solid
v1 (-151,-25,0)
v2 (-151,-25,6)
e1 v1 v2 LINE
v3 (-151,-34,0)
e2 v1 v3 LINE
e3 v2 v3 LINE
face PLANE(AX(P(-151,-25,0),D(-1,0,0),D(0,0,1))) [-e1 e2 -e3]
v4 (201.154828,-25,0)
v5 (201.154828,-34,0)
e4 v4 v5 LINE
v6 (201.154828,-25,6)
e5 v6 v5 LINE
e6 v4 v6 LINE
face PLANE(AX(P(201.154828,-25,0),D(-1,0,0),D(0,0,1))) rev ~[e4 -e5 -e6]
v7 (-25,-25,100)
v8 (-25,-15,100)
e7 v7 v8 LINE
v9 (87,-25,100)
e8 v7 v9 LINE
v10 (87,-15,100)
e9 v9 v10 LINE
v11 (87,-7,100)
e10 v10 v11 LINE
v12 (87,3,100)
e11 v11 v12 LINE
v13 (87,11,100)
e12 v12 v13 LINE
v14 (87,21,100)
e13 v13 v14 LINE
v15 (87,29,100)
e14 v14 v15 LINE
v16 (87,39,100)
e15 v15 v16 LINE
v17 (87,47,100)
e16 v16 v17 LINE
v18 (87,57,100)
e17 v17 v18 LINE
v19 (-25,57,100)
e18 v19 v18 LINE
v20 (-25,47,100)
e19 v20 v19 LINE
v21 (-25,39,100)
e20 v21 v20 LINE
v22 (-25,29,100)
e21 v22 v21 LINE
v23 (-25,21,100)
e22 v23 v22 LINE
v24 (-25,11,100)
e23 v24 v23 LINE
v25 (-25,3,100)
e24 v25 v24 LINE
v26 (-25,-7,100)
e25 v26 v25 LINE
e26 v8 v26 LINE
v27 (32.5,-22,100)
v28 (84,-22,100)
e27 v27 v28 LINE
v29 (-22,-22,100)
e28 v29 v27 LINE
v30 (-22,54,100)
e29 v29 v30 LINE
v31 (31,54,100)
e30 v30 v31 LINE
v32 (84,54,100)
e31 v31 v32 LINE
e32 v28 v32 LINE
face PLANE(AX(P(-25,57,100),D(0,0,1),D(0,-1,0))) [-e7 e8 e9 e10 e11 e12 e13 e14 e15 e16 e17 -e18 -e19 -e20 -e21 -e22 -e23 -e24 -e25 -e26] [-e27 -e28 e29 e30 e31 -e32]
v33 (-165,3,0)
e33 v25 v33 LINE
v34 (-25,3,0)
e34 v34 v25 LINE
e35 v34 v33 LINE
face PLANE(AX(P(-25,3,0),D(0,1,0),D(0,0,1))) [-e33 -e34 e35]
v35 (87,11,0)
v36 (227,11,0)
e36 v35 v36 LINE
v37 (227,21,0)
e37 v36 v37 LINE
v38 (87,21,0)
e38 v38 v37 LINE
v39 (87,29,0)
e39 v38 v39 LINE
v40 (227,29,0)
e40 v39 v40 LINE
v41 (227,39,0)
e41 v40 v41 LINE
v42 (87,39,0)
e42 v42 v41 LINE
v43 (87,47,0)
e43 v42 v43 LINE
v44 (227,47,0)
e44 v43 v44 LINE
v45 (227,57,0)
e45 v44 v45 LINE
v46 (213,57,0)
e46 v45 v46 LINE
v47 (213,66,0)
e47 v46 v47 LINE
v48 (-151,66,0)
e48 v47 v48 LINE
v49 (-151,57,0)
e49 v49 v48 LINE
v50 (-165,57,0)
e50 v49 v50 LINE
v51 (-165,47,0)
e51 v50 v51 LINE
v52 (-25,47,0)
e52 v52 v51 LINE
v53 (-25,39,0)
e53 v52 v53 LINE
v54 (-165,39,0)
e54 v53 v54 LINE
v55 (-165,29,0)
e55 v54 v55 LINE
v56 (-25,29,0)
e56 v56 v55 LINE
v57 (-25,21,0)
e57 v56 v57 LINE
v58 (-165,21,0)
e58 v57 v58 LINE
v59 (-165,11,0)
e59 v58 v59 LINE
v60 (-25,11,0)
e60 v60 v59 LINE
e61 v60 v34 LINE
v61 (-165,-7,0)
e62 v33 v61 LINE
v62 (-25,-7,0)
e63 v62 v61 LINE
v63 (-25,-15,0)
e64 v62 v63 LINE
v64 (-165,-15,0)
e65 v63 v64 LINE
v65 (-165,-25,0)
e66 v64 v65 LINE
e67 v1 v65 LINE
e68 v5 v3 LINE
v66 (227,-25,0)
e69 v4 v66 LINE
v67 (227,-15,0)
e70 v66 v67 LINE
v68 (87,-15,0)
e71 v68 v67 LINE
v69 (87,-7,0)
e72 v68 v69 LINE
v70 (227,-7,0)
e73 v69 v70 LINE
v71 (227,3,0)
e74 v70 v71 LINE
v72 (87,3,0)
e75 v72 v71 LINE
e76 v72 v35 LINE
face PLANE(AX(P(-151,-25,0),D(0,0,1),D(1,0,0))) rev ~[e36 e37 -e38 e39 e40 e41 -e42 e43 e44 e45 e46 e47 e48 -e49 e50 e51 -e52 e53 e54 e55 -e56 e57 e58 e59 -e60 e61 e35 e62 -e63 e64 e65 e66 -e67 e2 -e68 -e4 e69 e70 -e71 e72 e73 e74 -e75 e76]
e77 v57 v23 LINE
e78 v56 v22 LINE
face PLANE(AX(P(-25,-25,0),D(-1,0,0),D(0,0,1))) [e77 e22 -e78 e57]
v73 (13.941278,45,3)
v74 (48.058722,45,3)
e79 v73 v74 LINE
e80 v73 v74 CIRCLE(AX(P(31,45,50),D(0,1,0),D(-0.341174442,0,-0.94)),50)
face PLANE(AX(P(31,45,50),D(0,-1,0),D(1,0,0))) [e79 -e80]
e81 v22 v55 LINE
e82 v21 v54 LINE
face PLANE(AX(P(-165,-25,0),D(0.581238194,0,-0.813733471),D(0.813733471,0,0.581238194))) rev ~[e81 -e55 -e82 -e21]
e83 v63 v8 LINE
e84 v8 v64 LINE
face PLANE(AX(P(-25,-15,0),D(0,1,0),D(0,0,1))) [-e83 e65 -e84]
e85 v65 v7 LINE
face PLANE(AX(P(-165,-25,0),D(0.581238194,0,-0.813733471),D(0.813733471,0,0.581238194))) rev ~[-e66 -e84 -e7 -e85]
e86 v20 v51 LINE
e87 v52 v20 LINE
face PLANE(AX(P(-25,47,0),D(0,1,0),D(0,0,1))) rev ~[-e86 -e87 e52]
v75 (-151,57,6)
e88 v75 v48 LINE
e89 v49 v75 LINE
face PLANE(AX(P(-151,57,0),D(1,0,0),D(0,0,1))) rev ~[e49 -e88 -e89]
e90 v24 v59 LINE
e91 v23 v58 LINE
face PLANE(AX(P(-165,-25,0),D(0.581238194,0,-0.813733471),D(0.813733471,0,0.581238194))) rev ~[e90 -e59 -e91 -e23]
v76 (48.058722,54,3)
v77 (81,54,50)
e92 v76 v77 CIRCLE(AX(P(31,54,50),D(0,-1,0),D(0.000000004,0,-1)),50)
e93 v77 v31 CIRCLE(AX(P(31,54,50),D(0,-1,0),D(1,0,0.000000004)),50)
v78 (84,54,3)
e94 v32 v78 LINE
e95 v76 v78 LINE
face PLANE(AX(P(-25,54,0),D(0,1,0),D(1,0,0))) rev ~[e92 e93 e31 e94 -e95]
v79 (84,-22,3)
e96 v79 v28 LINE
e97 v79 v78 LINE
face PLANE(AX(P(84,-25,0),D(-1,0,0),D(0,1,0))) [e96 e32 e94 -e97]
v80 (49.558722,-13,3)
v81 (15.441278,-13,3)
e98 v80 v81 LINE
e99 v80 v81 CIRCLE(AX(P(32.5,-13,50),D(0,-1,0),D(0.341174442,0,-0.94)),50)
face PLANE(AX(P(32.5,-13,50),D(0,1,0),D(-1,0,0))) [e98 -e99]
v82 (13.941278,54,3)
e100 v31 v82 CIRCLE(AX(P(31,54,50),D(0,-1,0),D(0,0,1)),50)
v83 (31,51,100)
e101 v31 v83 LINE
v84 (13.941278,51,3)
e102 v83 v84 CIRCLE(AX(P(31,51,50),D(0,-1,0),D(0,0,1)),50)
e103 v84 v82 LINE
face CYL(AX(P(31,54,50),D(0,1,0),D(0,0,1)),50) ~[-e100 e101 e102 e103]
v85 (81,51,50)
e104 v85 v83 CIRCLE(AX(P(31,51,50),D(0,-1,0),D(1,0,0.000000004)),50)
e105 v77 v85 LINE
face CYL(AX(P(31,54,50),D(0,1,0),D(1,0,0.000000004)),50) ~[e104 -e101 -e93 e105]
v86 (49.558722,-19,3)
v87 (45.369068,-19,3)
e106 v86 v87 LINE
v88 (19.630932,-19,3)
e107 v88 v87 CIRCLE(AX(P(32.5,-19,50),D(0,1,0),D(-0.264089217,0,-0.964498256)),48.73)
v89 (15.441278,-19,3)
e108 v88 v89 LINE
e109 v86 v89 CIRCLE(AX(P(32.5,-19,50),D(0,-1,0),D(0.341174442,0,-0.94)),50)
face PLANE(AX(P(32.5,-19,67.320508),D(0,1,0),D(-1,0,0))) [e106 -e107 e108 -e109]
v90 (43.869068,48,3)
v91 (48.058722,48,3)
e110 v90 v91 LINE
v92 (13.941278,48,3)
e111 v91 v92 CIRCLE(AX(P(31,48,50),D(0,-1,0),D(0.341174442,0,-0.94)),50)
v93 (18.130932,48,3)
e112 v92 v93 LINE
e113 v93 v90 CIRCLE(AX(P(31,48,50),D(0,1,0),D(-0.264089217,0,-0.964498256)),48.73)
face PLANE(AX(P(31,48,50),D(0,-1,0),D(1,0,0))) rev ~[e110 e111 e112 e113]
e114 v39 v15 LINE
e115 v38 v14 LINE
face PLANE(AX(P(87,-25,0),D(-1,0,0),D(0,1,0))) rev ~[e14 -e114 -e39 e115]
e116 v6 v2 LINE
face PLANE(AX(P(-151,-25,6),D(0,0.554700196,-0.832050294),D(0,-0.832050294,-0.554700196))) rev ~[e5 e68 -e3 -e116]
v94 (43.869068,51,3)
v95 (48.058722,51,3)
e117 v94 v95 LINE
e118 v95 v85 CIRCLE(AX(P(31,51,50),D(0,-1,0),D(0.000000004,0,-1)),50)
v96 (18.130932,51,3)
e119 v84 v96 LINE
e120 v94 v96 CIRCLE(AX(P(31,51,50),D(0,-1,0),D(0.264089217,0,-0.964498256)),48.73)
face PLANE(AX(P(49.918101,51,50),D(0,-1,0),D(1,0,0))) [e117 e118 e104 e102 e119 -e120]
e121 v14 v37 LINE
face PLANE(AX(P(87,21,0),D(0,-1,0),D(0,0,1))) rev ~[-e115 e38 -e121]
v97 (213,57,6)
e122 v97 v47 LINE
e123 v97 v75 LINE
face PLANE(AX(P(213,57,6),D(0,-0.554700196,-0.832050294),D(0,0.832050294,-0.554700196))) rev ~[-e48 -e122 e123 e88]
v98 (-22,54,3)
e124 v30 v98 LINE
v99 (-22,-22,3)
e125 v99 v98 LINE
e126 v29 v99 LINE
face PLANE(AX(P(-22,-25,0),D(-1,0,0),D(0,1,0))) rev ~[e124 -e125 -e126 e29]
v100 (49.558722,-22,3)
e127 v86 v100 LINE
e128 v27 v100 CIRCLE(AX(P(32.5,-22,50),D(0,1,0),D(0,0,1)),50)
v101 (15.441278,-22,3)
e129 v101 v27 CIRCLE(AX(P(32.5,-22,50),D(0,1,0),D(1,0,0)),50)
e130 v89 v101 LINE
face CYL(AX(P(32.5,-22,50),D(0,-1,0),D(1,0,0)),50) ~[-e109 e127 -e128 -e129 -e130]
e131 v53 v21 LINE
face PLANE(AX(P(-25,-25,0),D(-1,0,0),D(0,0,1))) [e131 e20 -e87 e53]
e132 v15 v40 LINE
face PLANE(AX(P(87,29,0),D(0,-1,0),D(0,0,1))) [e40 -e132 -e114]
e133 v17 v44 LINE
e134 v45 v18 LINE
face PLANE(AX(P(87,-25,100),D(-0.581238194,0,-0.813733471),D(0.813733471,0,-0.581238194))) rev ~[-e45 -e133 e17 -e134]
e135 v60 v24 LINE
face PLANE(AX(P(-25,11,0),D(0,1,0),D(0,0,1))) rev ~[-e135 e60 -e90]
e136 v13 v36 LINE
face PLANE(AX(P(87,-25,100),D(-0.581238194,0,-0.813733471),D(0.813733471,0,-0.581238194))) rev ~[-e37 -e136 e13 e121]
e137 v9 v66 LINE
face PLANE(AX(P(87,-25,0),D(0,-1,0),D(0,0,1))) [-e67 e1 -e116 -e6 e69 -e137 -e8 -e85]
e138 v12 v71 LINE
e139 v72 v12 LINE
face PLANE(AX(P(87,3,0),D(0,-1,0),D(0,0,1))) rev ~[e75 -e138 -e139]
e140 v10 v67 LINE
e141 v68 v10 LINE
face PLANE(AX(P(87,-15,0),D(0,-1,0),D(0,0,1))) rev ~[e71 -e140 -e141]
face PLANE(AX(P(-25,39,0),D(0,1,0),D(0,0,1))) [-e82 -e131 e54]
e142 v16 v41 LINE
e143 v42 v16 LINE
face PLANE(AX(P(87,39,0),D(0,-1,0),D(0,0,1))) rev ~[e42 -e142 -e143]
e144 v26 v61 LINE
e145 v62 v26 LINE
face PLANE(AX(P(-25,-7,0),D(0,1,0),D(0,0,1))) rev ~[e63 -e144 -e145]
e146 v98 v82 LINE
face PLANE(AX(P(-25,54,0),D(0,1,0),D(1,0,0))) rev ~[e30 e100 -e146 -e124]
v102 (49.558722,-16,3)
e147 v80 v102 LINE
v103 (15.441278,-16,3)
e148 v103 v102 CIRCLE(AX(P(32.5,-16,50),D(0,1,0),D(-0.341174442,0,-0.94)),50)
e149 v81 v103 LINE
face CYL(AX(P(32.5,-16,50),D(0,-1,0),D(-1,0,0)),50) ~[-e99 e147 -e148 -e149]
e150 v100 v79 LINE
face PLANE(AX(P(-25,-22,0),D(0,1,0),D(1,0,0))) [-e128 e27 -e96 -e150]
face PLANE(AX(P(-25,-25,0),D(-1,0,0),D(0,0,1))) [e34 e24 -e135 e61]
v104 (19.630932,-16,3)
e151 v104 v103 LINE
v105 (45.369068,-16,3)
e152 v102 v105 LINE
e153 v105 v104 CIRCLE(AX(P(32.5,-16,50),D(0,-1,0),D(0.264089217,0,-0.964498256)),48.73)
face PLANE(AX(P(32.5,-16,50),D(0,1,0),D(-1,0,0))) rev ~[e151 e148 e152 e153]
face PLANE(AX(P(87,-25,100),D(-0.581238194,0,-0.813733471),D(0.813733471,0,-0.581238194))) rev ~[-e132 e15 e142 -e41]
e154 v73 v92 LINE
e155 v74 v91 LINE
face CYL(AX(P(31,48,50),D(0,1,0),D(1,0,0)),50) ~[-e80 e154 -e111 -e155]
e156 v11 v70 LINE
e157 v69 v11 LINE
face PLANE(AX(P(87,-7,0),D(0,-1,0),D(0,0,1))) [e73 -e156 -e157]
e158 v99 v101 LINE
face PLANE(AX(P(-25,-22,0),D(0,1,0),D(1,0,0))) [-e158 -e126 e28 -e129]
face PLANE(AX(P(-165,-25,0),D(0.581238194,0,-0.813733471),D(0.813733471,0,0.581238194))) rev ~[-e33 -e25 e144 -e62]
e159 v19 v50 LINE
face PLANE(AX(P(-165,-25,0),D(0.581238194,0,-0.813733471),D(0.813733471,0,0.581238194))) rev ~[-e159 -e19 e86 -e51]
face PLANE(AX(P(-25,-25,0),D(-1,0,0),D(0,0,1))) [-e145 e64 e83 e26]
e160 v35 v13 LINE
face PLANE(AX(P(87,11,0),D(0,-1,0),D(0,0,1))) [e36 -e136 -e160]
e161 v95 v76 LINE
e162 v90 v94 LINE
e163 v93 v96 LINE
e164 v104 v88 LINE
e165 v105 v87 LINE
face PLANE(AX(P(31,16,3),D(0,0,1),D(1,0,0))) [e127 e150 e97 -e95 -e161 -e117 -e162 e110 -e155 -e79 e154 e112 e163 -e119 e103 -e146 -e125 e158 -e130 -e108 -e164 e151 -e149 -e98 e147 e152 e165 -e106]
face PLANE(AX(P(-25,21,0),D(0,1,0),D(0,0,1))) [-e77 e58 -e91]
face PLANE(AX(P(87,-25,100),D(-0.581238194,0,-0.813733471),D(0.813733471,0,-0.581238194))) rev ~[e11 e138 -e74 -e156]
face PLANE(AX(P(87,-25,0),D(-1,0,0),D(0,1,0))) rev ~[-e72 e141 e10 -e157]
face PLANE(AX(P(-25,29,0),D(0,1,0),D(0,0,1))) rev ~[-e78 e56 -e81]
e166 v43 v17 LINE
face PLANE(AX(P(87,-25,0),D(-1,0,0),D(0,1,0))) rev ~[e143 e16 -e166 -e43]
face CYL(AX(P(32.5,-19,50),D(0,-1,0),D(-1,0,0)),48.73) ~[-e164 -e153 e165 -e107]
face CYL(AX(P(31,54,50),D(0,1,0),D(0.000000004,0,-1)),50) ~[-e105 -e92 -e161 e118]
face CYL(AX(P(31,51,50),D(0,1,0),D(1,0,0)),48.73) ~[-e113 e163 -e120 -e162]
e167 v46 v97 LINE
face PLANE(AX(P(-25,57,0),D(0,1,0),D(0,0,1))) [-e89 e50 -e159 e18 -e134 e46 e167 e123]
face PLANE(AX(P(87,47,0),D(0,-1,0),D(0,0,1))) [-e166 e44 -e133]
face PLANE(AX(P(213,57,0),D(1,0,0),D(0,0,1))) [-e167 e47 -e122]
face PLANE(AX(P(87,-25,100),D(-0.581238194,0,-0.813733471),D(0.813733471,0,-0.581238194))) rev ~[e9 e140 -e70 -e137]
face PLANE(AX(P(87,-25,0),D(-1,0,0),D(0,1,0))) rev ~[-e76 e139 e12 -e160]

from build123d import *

# Parameters (mm, degrees)
F0_W      = 112
F0_H      = 82
F1_DEPTH  = 100
F2_T      = -3
F3_W      = 10
F3_H      = 100
F4_DEPTH  = 140
F6_DEPTH  = 100
F7_W      = 226.154828
F7_H      = 6
F8_DEPTH  = 9
F11_DEPTH = 3
F12_R     = 48.73
F13_DEPTH = 3
F14_R     = 50
F15_DEPTH = 3
F16_W     = 10
F16_H     = 100
F17_DEPTH = 140
F19_DEPTH = 82
F21_DEPTH = 3
F22_R     = 48.73
F23_DEPTH = 3
F24_R     = 50
F25_DEPTH = 3
F26_W     = 126
F26_H     = 6
F27_DEPTH = 9
F29_W     = 364
F29_H     = 6
F30_DEPTH = 9
F32_DEPTH = 372
F33_DEPTH = 356


with BuildPart() as f1:
    # F0 (on Top) → F1 (new body)
    with BuildSketch(Plane.XY):
        with Locations((31, 16)):
            Rectangle(F0_W, F0_H)
    extrude(amount=F1_DEPTH)

    # F2
    f2_openings = [f1.faces().sort_by_distance(p)[0] for p in [
        (31, 16, 100),
    ]]
    offset(amount=F2_T, openings=f2_openings)

    # F3 (on face) → F4 (join)
    with BuildSketch(Plane.YZ.offset(87)):
        with Locations((-20, 50)):
            Rectangle(F3_W, F3_H)
        with Locations((52, 50)):
            Rectangle(F3_W, F3_H)
        with Locations((34, 50)):
            Rectangle(F3_W, F3_H)
        with Locations((16, 50)):
            Rectangle(F3_W, F3_H)
        with Locations((-2, 50)):
            Rectangle(F3_W, F3_H)
    extrude(amount=F4_DEPTH)

    # F5 (on face) → F6 (cut)
    with BuildSketch(Plane.XZ.offset(25)):
        Polygon((227, 0), (227, 100), (87, 100), align=None)
    extrude(amount=-F6_DEPTH, mode=Mode.SUBTRACT)

    # F7 (on face) → F8 (join)
    with BuildSketch(Plane.XZ.offset(25)):
        with Locations((88.077414, 3)):
            Rectangle(F7_W, F7_H)
    extrude(amount=F8_DEPTH)

    # F10 (on face) → F11 (join)
    with BuildSketch(Plane.XZ.offset(-54)):
        with BuildLine():
            ThreePointArc((81, 50), (66.355339, 85.355339), (31, 100))
            Line((31, 100), (31, 0))
            ThreePointArc((31, 0), (66.355339, 14.644661), (81, 50))
        make_face()
        with BuildLine():
            Line((31, 0), (31, 100))
            ThreePointArc((31, 100), (-19, 50), (31, 0))
        make_face()
    extrude(amount=F11_DEPTH)

    # F12 (on face) → F13 (join)
    with BuildSketch(Plane.XZ.offset(-51)):
        with Locations((31, 50)):
            Circle(F12_R)
    extrude(amount=F13_DEPTH)

    # F14 (on face) → F15 (join)
    with BuildSketch(Plane.XZ.offset(-48)):
        with Locations((31, 50)):
            Circle(F14_R)
    extrude(amount=F15_DEPTH)

    # F16 (on face) → F17 (join)
    with BuildSketch(Plane(origin=(-25, 0, 0), x_dir=(0, -1, 0), z_dir=(-1, 0, 0))):
        with Locations((-52, 50)):
            Rectangle(F16_W, F16_H)
        with Locations((-34, 50)):
            Rectangle(F16_W, F16_H)
        with Locations((-16, 50)):
            Rectangle(F16_W, F16_H)
        with Locations((2, 50)):
            Rectangle(F16_W, F16_H)
        with Locations((20, 50)):
            Rectangle(F16_W, F16_H)
    extrude(amount=F17_DEPTH)

    # F18 (on face) → F19 (cut)
    with BuildSketch(Plane.XZ.offset(25)):
        Polygon((-165, 100), (-165, 0), (-25, 100), align=None)
    extrude(amount=-F19_DEPTH, mode=Mode.SUBTRACT)

    # F20 (on face) → F21 (join)
    with BuildSketch(Plane(origin=(0, -22, 0), x_dir=(-1, 0, 0), z_dir=(0, 1, 0))):
        with BuildLine():
            Line((-82.5, 50), (17.5, 50))
            ThreePointArc((17.5, 50), (-32.5, 100), (-82.5, 50))
        make_face()
        with BuildLine():
            ThreePointArc((-82.5, 50), (-32.5, 0), (17.5, 50))
            Line((17.5, 50), (-82.5, 50))
        make_face()
    extrude(amount=F21_DEPTH)

    # F22 (on face) → F23 (join)
    with BuildSketch(Plane(origin=(0, -19, 0), x_dir=(-1, 0, 0), z_dir=(0, 1, 0))):
        with Locations((-32.5, 50)):
            Circle(F22_R)
    extrude(amount=F23_DEPTH)

    # F24 (on face) → F25 (join)
    with BuildSketch(Plane(origin=(0, -16, 0), x_dir=(-1, 0, 0), z_dir=(0, 1, 0))):
        with Locations((-32.5, 50)):
            Circle(F24_R)
    extrude(amount=F25_DEPTH)

    # F26 (on face) → F27 (join)
    with BuildSketch(Plane.XZ.offset(25)):
        with Locations((-88, 3)):
            Rectangle(F26_W, F26_H)
    extrude(amount=F27_DEPTH)

    # F29 (on face) → F30 (join)
    with BuildSketch(Plane(origin=(0, 57, 0), x_dir=(-1, 0, 0), z_dir=(0, 1, 0))):
        with Locations((-31, 3)):
            Rectangle(F29_W, F29_H)
    extrude(amount=F30_DEPTH)

    # F31 (on face) → F32 (cut)
    with BuildSketch(Plane.YZ.offset(213)):
        Polygon((66, 6), (57, 6), (66, 0), align=None)
    extrude(amount=-F32_DEPTH, mode=Mode.SUBTRACT)

    # F28 (on face) → F33 (cut)
    with BuildSketch(Plane(origin=(-151, 0, 0), x_dir=(0, -1, 0), z_dir=(-1, 0, 0))):
        Polygon((34, 6), (25, 6), (34, 0), align=None)
    extrude(amount=-F33_DEPTH, mode=Mode.SUBTRACT)


solid = f1.part
